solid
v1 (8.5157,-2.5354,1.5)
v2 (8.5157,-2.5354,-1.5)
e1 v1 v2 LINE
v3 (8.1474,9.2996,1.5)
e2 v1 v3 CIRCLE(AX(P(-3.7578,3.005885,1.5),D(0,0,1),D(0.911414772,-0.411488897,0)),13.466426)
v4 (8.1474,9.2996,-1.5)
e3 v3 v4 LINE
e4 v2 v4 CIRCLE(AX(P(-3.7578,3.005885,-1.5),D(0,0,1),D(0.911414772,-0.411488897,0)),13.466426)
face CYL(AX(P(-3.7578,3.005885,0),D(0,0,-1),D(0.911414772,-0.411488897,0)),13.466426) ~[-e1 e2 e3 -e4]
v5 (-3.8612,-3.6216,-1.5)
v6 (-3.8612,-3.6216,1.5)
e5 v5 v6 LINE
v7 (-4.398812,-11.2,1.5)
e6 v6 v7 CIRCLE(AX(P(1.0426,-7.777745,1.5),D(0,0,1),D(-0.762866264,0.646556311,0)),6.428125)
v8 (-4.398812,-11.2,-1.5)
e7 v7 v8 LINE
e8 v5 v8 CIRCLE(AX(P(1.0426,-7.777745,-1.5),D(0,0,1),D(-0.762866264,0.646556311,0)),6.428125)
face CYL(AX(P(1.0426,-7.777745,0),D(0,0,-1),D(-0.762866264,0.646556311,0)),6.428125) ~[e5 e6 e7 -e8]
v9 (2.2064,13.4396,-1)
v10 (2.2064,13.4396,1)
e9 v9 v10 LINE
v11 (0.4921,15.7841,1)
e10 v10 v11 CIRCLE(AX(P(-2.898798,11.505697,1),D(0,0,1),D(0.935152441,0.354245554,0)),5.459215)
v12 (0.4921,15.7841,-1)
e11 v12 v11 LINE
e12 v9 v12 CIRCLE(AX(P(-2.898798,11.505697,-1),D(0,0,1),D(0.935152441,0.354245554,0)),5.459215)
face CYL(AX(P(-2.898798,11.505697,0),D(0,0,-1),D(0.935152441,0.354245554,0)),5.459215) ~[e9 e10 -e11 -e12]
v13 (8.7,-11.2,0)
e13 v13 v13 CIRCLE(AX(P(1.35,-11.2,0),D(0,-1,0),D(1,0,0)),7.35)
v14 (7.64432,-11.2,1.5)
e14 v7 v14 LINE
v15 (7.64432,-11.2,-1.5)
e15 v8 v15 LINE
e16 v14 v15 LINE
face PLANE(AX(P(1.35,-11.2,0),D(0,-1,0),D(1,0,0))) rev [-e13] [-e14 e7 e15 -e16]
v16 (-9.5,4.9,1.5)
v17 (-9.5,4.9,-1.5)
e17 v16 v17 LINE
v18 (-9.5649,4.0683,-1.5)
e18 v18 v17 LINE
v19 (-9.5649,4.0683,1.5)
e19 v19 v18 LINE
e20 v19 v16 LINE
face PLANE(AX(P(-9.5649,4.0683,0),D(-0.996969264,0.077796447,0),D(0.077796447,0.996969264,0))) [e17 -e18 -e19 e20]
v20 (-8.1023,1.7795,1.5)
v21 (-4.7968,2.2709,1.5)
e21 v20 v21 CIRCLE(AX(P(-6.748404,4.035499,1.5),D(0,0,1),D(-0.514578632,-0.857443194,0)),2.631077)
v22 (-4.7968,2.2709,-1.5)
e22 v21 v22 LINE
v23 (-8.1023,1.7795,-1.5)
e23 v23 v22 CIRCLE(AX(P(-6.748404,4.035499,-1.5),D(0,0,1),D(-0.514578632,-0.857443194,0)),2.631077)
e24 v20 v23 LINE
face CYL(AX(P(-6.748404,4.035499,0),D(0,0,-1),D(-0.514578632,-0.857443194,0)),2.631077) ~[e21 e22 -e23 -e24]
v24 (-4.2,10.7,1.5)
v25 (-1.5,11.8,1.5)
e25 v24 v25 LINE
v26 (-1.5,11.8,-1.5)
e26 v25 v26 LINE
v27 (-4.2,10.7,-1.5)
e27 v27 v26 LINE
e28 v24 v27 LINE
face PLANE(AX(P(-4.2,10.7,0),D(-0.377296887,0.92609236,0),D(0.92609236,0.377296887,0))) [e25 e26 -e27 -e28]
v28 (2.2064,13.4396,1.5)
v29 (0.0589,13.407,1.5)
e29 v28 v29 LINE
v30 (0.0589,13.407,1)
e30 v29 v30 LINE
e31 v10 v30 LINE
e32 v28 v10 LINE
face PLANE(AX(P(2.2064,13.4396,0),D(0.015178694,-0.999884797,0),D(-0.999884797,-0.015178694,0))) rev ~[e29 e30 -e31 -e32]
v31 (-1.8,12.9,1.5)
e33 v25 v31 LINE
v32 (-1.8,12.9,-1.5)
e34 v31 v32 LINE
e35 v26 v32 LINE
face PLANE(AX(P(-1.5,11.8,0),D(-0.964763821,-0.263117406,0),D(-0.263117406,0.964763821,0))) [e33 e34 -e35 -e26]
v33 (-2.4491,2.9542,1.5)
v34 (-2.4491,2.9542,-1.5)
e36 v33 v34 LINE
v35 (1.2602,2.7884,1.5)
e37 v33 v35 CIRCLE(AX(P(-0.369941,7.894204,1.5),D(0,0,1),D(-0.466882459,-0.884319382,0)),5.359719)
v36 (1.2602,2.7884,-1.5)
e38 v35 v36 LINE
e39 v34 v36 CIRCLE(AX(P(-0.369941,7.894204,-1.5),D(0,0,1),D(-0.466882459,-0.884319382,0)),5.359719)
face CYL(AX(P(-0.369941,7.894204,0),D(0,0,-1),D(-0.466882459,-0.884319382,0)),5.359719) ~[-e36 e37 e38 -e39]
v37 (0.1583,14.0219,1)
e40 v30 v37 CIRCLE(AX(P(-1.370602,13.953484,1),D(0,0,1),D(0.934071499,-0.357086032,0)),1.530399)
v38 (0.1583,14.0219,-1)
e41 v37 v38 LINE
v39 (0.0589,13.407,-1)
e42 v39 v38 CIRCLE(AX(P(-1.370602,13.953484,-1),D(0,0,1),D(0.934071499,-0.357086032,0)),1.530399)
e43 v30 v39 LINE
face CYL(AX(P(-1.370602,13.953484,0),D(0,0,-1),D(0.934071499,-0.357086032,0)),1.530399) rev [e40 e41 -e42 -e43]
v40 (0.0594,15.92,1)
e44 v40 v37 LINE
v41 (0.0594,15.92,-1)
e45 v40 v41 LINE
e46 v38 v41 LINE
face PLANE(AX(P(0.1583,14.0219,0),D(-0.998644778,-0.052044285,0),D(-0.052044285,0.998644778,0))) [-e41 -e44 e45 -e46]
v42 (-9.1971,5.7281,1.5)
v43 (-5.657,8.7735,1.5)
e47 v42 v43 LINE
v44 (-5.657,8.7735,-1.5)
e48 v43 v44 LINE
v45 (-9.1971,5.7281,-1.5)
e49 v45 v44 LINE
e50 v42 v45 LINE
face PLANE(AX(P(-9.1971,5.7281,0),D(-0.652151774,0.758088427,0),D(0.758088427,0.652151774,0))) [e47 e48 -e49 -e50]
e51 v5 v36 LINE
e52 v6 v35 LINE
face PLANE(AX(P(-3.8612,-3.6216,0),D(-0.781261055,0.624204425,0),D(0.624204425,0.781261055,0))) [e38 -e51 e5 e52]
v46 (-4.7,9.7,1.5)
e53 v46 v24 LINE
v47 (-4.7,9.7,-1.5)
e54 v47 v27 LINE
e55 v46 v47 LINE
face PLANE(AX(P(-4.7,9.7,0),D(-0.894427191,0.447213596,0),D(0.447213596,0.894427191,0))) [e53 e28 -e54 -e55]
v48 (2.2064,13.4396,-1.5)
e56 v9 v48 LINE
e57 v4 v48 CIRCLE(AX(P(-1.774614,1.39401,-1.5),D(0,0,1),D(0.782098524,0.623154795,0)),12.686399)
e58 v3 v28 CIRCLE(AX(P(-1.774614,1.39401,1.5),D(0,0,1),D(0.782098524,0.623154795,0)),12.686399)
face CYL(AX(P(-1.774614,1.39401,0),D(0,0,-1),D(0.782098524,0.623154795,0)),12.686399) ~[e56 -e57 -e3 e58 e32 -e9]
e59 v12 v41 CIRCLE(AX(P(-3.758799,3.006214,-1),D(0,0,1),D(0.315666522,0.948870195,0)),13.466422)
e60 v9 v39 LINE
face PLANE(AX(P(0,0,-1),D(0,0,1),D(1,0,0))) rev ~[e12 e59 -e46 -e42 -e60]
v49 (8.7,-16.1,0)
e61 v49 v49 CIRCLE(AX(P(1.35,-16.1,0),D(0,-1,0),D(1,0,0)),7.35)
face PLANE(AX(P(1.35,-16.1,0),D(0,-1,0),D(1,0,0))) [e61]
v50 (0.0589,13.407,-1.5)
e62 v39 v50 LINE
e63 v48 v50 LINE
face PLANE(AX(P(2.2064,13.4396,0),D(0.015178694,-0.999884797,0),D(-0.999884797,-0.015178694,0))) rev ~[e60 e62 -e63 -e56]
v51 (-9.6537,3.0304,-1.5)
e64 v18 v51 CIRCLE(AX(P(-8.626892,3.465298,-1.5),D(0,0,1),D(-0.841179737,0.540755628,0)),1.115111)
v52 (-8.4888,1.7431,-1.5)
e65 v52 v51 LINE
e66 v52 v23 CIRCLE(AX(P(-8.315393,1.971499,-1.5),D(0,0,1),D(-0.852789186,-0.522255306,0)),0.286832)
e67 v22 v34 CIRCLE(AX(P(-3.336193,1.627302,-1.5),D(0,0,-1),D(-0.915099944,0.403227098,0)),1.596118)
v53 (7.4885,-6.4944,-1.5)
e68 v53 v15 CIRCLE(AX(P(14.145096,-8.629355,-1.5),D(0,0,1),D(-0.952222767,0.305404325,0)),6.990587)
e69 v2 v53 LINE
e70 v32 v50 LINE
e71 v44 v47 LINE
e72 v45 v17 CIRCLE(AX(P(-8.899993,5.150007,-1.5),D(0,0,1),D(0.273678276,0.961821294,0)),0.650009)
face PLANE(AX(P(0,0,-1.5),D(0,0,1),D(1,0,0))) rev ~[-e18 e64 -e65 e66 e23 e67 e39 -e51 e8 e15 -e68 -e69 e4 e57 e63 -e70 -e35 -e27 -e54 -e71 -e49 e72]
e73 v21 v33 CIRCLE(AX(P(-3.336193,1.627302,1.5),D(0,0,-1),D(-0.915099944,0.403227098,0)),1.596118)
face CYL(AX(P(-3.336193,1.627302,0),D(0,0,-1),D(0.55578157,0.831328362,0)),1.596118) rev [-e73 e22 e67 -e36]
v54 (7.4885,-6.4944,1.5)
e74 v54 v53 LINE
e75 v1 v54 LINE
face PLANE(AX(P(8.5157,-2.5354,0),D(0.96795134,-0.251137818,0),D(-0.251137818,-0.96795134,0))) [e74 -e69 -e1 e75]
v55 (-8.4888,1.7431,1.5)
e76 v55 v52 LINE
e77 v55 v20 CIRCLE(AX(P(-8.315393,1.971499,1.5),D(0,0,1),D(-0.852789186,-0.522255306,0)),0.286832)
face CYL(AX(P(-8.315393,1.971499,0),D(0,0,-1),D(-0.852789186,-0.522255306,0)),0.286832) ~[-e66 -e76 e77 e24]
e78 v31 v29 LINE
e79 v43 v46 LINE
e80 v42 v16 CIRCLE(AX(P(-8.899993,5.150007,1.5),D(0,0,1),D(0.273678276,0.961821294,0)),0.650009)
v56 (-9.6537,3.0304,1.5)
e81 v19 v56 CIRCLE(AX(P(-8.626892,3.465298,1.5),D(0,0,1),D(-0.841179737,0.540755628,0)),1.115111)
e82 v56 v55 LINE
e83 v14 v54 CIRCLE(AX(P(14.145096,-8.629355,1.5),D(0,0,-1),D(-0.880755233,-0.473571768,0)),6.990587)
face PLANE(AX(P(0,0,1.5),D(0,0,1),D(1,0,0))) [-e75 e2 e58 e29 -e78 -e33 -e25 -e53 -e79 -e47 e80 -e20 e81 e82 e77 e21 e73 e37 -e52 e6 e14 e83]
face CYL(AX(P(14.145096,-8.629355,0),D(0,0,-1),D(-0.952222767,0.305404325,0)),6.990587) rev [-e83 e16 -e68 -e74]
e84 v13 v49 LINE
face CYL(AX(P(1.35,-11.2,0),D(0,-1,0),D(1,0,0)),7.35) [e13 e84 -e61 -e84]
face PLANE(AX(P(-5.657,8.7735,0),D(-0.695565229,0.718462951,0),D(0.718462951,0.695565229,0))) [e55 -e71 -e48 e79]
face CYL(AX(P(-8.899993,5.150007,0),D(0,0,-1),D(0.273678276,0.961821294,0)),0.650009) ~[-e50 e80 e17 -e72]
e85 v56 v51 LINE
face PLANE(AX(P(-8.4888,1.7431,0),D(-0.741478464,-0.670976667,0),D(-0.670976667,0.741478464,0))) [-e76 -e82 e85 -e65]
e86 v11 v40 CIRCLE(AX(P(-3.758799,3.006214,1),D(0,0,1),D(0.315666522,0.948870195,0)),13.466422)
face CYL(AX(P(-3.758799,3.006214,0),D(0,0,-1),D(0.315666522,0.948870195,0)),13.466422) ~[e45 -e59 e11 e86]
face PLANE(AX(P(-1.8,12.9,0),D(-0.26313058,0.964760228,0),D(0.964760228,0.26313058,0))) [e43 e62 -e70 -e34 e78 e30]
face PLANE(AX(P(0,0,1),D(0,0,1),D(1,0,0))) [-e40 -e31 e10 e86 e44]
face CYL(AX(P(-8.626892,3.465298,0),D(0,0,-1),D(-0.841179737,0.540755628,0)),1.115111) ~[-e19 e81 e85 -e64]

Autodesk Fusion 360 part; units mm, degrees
sketch "Base" plane through (0, 0, 0) normal (0, 0, 1) x (1, 0, 0)
  line L0 (1.35, -11.2) -> (8.7, -11.2)
  line L1 (8.7, -11.2) -> (8.7, -16.1)
  line L2 (8.7, -16.1) -> (1.35, -16.1)
  line L3 (1.35, -16.1) -> (1.35, -11.2)
  line L4 (1.35, -11.2) -> (1.35, -16.5) construction
revolve "Revolve1" add sketch "Base" angle 360 about axis through (1.35, -11.2, 0) along (0, -1, 0)
sketch "Sketch5" plane through (0, 0, 0) normal (0, 0, 1) x (1, 0, 0)
  line L0 (-3.8612, -3.6216) -> (1.2602, 2.7884)
  arc A0 (-2.4491, 2.9542) -> (-4.7968, 2.2709) centre (-3.3362, 1.6273) ccw
  arc A1 (-8.56, 1.8217) -> (-8.1023, 1.7795) centre (-8.3154, 1.9715) ccw
  arc A2 (-8.1023, 1.7795) -> (-4.7968, 2.2709) centre (-6.7484, 4.0355) ccw
  line L1 (-8.4888, 1.7431) -> (-9.6537, 3.0304)
  arc A3 (-9.5649, 4.0683) -> (-9.6537, 3.0304) centre (-8.6269, 3.4652) ccw
  line L2 (-9.5649, 4.0683) -> (-9.5, 4.9)
  arc A4 (-8.7221, 5.7752) -> (-9.5, 4.9) centre (-8.9, 5.15) ccw
  line L3 (-9.1971, 5.7281) -> (-5.657, 8.7735)
  arc A5 (-2.8723, 3.1545) -> (1.2602, 2.7884) centre (-0.3699, 7.8942) ccw
  line L4 (-3.8561, -11.9399) -> (7.9881, -11.9399)
  arc A6 (-3.8612, -3.6216) -> (-3.8561, -11.9399) centre (1.0426, -7.7778) ccw
  line L5 (-5.657, 8.7735) -> (-4.7, 9.7)
  line L6 (-4.7, 9.7) -> (-4.2, 10.7)
  line L7 (-4.2, 10.7) -> (-1.5, 11.8)
  line L8 (-1.5, 11.8) -> (-1.8, 12.9)
  line L9 (-1.8, 12.9) -> (0.0589, 13.407)
  line L10 (0.1583, 14.0219) -> (0.05, 16.1)
  arc A7 (0.0589, 13.407) -> (0.1571, 14.0443) centre (-1.3706, 13.9535) ccw
  arc A8 (2.2064, 13.4396) -> (0.05, 16.1) centre (-2.8988, 11.5057) ccw
  arc A9 (8.1474, 9.2996) -> (2.2064, 13.4396) centre (-1.7746, 1.394) ccw
  line L11 (8.5157, -2.5354) -> (7.2902, -7.2588)
  arc A10 (0.4921, 15.7841) -> (0.0594, 15.92) centre (-3.7578, 3.0059) ccw
  arc A11 (8.5157, -2.5354) -> (8.1474, 9.2996) centre (-3.7578, 3.0059) ccw
  arc A12 (7.4885, -6.4944) -> (7.9881, -11.9399) centre (14.1451, -8.6294) ccw
  line L12 (2.2064, 13.4396) -> (0.0589, 13.407)
extrude "Extrude1" add sketch "Sketch5" along normal mid plane 3 contours L0 A0 A1 A2 L1 A3 L2 A4 L3 A5 L4 A6 L5 L6 L7 L8 L9 A9 L11 A11 A12 L12
extrude "Extrude2" add sketch "Sketch5" along normal mid plane 2 contours L10 A7 A8 A10 L12
